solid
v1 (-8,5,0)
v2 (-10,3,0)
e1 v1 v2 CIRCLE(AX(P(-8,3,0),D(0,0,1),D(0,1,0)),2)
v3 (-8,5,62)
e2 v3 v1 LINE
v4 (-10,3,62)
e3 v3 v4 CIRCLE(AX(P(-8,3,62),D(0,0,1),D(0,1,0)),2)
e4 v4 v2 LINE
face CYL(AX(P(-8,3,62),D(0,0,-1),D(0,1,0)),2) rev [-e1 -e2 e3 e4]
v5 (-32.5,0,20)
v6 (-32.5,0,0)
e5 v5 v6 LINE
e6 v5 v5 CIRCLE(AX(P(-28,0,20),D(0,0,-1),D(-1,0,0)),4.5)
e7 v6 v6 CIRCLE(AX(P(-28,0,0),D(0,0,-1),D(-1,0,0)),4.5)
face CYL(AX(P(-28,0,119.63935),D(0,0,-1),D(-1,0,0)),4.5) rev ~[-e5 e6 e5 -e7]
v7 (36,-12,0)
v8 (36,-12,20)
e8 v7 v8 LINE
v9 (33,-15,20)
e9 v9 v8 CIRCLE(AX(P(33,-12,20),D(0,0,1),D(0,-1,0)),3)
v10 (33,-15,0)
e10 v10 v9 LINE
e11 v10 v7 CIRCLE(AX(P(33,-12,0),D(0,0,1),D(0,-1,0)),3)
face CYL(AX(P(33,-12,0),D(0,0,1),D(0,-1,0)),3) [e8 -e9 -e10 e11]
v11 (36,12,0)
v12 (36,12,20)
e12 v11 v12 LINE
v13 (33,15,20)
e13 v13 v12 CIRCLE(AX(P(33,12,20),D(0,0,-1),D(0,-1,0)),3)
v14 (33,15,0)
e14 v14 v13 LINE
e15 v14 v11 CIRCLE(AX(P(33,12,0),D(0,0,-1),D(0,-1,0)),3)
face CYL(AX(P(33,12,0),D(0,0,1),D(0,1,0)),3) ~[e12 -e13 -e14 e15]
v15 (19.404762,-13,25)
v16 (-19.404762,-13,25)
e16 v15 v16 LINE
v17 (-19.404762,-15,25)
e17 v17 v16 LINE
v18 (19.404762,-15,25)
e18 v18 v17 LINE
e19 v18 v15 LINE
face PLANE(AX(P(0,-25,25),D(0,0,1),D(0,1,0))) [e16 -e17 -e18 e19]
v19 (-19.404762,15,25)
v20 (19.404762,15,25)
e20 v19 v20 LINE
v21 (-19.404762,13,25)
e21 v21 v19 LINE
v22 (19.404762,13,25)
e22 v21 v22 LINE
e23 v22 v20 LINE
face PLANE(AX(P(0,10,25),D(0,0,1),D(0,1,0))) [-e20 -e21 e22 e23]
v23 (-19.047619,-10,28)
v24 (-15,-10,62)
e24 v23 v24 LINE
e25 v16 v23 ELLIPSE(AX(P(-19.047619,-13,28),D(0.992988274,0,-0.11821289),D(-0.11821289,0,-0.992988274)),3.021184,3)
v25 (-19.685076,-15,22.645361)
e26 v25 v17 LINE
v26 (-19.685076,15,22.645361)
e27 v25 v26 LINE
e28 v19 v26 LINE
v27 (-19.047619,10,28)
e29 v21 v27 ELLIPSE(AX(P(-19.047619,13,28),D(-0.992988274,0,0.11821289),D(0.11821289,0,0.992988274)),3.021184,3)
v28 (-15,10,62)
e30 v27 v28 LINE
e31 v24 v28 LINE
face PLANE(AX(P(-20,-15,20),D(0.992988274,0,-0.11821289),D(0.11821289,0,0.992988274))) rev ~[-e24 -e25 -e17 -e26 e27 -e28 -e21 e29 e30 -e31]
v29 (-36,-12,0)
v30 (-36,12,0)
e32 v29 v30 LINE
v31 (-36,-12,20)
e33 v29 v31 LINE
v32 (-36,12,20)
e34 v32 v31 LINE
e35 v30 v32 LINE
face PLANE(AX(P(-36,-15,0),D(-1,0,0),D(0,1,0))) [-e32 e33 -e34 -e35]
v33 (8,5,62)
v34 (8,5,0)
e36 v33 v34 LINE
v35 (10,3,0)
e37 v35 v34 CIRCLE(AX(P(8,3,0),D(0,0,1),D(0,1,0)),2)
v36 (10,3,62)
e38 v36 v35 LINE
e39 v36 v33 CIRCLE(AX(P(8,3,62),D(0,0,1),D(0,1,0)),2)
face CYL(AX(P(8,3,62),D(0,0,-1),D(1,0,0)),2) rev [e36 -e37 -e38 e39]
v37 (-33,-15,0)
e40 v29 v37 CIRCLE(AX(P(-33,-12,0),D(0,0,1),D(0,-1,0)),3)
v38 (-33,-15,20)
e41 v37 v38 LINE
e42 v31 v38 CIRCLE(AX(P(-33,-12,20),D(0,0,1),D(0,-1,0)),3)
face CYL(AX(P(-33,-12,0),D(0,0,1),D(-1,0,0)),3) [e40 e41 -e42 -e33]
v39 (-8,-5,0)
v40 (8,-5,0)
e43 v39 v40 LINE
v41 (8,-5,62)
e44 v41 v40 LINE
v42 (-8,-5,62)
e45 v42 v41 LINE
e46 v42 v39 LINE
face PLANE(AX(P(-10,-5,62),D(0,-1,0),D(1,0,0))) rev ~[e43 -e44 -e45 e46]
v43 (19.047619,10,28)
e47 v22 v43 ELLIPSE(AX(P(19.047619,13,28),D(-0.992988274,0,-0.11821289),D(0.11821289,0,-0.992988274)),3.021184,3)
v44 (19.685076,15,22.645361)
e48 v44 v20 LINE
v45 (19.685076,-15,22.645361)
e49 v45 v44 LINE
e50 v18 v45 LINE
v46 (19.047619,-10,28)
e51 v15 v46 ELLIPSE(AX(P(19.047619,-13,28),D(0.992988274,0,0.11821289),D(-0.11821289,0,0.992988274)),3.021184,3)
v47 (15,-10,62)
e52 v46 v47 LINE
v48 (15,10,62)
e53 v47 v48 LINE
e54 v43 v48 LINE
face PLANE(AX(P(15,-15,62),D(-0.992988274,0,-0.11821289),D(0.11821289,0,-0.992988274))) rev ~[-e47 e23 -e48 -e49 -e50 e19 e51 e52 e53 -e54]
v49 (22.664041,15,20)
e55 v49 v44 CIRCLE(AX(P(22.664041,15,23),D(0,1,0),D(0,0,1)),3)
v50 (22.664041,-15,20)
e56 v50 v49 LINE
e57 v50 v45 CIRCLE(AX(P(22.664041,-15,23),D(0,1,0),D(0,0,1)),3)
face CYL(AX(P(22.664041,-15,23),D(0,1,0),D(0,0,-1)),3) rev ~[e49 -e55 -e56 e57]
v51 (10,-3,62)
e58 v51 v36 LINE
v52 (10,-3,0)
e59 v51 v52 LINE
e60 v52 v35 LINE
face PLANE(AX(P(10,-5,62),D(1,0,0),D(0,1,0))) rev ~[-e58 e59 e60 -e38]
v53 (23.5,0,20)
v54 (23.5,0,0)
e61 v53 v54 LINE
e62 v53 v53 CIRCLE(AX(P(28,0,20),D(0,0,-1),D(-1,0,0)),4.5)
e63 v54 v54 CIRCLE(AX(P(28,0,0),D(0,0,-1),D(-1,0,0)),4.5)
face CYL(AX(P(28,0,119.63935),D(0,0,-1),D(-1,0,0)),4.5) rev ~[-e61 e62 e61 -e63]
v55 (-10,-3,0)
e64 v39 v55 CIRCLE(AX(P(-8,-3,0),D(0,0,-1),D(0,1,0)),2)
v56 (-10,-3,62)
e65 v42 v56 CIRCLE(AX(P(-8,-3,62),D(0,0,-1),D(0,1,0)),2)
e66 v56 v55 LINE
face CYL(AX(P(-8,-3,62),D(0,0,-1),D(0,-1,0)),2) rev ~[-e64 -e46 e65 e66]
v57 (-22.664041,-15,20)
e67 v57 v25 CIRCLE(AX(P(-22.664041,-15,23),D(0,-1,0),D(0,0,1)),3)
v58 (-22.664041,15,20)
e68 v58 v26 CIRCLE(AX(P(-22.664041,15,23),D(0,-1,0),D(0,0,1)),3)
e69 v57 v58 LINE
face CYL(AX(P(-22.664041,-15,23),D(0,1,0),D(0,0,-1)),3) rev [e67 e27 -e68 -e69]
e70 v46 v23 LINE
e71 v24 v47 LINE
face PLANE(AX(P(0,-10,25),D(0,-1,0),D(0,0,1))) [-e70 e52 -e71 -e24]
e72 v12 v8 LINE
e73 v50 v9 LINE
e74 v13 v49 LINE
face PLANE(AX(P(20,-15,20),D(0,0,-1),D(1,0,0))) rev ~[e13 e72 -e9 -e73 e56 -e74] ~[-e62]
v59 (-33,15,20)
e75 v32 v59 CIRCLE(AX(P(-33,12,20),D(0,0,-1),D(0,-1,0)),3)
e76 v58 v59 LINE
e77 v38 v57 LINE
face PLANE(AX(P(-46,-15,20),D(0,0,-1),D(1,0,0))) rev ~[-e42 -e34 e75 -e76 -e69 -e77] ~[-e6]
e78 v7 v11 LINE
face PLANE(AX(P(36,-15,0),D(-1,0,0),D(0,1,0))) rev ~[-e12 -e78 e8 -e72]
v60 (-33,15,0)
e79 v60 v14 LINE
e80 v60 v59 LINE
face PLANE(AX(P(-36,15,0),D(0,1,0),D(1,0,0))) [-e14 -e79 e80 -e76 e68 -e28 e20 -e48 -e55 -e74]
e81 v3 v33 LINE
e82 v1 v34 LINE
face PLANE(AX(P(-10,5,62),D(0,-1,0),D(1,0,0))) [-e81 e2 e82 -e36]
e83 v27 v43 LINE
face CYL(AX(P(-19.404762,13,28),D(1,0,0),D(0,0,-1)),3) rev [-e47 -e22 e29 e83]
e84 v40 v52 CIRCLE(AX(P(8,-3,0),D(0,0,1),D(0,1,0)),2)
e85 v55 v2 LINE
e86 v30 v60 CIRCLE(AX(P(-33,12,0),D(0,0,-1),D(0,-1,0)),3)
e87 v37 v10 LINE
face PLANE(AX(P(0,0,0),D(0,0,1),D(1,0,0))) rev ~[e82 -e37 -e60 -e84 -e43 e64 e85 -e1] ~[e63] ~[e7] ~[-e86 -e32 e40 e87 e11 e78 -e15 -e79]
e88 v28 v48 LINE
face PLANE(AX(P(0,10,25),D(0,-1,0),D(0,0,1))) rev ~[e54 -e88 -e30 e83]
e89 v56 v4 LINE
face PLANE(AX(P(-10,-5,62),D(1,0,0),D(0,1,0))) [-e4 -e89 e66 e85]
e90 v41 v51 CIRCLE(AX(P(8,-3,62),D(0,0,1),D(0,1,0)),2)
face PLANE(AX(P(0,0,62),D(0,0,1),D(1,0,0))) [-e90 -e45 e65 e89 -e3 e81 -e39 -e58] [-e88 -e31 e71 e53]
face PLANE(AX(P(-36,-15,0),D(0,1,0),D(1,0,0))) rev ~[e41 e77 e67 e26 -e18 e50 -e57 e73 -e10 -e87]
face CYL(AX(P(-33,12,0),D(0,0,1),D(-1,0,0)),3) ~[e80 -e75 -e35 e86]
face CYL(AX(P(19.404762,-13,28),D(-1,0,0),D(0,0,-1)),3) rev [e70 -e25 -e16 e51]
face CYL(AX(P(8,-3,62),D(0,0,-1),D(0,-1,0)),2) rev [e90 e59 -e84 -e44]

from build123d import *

# Parameters (mm, degrees)
F0_W          = 72
F0_H          = 30
F1_DEPTH      = 62
F3_DEPTH      = 30.001
F4_W          = 15
F4_H          = 47
F5_DEPTH      = 36.001
F5_DEPTH_BACK = 25
F6_W          = 20
F6_H          = 10
F7_DEPTH      = 62.001
F9_D          = 9
F10_R         = 3
F11_R         = 3
F12_R         = 3
F13_R         = 2


with BuildPart() as f1:
    # F0 (on Top) → F1 (new body)
    with BuildSketch(Plane.XY):
        Rectangle(F0_W, F0_H)
    extrude(amount=F1_DEPTH)

    # F2 (on face) → F3 (cut, through all)
    with BuildSketch(Plane.XZ.offset(15)):
        Polygon((-15, 72), (-46, 72), (-46, 20), (-20, 20), (-15, 62), align=None)
        Polygon((46, 72), (15, 72), (15, 62), (20, 20), (46, 20), align=None)
    extrude(amount=-F3_DEPTH, mode=Mode.SUBTRACT)

    # F4 (on Right) → F5 (cut, two sides)
    with BuildSketch(Plane.YZ) as f5_sk:
        with Locations((-17.5, 48.5)):
            Rectangle(F4_W, F4_H)
        with Locations((17.5, 48.5)):
            Rectangle(F4_W, F4_H)
    extrude(amount=-F5_DEPTH, mode=Mode.SUBTRACT)
    extrude(f5_sk.sketch, amount=F5_DEPTH_BACK, mode=Mode.SUBTRACT)

    # F6 (on face) → F7 (cut, through all)
    with BuildSketch(Plane.XY.offset(62)):
        Rectangle(F6_W, F6_H)
    extrude(amount=-F7_DEPTH, mode=Mode.SUBTRACT)

    # F9 (through all)
    with Locations(Plane.XY.offset(20)):
        with Locations((-28, 0), (28, 0)):
            Hole(F9_D / 2)

    # F10
    f10_edges = [f1.edges().sort_by_distance(p)[0] for p in [
        (-36, 15, 10),
        (36, -15, 10),
        (36, 15, 10),
        (-36, -15, 10),
    ]]
    fillet(f10_edges, radius=F10_R)

    # F11
    f11_edges = [f1.edges().sort_by_distance(p)[0] for p in [
        (-20, 0, 20),
        (20, 0, 20),
    ]]
    fillet(f11_edges, radius=F11_R)

    # F12
    f12_edges = [f1.edges().sort_by_distance(p)[0] for p in [
        (0, 10, 25),
        (0, -10, 25),
    ]]
    fillet(f12_edges, radius=F12_R)

    # F13
    f13_edges = [f1.edges().sort_by_distance(p)[0] for p in [
        (10, 5, 31),
        (10, -5, 31),
        (-10, -5, 31),
        (-10, 5, 31),
    ]]
    fillet(f13_edges, radius=F13_R)


solid = f1.part
